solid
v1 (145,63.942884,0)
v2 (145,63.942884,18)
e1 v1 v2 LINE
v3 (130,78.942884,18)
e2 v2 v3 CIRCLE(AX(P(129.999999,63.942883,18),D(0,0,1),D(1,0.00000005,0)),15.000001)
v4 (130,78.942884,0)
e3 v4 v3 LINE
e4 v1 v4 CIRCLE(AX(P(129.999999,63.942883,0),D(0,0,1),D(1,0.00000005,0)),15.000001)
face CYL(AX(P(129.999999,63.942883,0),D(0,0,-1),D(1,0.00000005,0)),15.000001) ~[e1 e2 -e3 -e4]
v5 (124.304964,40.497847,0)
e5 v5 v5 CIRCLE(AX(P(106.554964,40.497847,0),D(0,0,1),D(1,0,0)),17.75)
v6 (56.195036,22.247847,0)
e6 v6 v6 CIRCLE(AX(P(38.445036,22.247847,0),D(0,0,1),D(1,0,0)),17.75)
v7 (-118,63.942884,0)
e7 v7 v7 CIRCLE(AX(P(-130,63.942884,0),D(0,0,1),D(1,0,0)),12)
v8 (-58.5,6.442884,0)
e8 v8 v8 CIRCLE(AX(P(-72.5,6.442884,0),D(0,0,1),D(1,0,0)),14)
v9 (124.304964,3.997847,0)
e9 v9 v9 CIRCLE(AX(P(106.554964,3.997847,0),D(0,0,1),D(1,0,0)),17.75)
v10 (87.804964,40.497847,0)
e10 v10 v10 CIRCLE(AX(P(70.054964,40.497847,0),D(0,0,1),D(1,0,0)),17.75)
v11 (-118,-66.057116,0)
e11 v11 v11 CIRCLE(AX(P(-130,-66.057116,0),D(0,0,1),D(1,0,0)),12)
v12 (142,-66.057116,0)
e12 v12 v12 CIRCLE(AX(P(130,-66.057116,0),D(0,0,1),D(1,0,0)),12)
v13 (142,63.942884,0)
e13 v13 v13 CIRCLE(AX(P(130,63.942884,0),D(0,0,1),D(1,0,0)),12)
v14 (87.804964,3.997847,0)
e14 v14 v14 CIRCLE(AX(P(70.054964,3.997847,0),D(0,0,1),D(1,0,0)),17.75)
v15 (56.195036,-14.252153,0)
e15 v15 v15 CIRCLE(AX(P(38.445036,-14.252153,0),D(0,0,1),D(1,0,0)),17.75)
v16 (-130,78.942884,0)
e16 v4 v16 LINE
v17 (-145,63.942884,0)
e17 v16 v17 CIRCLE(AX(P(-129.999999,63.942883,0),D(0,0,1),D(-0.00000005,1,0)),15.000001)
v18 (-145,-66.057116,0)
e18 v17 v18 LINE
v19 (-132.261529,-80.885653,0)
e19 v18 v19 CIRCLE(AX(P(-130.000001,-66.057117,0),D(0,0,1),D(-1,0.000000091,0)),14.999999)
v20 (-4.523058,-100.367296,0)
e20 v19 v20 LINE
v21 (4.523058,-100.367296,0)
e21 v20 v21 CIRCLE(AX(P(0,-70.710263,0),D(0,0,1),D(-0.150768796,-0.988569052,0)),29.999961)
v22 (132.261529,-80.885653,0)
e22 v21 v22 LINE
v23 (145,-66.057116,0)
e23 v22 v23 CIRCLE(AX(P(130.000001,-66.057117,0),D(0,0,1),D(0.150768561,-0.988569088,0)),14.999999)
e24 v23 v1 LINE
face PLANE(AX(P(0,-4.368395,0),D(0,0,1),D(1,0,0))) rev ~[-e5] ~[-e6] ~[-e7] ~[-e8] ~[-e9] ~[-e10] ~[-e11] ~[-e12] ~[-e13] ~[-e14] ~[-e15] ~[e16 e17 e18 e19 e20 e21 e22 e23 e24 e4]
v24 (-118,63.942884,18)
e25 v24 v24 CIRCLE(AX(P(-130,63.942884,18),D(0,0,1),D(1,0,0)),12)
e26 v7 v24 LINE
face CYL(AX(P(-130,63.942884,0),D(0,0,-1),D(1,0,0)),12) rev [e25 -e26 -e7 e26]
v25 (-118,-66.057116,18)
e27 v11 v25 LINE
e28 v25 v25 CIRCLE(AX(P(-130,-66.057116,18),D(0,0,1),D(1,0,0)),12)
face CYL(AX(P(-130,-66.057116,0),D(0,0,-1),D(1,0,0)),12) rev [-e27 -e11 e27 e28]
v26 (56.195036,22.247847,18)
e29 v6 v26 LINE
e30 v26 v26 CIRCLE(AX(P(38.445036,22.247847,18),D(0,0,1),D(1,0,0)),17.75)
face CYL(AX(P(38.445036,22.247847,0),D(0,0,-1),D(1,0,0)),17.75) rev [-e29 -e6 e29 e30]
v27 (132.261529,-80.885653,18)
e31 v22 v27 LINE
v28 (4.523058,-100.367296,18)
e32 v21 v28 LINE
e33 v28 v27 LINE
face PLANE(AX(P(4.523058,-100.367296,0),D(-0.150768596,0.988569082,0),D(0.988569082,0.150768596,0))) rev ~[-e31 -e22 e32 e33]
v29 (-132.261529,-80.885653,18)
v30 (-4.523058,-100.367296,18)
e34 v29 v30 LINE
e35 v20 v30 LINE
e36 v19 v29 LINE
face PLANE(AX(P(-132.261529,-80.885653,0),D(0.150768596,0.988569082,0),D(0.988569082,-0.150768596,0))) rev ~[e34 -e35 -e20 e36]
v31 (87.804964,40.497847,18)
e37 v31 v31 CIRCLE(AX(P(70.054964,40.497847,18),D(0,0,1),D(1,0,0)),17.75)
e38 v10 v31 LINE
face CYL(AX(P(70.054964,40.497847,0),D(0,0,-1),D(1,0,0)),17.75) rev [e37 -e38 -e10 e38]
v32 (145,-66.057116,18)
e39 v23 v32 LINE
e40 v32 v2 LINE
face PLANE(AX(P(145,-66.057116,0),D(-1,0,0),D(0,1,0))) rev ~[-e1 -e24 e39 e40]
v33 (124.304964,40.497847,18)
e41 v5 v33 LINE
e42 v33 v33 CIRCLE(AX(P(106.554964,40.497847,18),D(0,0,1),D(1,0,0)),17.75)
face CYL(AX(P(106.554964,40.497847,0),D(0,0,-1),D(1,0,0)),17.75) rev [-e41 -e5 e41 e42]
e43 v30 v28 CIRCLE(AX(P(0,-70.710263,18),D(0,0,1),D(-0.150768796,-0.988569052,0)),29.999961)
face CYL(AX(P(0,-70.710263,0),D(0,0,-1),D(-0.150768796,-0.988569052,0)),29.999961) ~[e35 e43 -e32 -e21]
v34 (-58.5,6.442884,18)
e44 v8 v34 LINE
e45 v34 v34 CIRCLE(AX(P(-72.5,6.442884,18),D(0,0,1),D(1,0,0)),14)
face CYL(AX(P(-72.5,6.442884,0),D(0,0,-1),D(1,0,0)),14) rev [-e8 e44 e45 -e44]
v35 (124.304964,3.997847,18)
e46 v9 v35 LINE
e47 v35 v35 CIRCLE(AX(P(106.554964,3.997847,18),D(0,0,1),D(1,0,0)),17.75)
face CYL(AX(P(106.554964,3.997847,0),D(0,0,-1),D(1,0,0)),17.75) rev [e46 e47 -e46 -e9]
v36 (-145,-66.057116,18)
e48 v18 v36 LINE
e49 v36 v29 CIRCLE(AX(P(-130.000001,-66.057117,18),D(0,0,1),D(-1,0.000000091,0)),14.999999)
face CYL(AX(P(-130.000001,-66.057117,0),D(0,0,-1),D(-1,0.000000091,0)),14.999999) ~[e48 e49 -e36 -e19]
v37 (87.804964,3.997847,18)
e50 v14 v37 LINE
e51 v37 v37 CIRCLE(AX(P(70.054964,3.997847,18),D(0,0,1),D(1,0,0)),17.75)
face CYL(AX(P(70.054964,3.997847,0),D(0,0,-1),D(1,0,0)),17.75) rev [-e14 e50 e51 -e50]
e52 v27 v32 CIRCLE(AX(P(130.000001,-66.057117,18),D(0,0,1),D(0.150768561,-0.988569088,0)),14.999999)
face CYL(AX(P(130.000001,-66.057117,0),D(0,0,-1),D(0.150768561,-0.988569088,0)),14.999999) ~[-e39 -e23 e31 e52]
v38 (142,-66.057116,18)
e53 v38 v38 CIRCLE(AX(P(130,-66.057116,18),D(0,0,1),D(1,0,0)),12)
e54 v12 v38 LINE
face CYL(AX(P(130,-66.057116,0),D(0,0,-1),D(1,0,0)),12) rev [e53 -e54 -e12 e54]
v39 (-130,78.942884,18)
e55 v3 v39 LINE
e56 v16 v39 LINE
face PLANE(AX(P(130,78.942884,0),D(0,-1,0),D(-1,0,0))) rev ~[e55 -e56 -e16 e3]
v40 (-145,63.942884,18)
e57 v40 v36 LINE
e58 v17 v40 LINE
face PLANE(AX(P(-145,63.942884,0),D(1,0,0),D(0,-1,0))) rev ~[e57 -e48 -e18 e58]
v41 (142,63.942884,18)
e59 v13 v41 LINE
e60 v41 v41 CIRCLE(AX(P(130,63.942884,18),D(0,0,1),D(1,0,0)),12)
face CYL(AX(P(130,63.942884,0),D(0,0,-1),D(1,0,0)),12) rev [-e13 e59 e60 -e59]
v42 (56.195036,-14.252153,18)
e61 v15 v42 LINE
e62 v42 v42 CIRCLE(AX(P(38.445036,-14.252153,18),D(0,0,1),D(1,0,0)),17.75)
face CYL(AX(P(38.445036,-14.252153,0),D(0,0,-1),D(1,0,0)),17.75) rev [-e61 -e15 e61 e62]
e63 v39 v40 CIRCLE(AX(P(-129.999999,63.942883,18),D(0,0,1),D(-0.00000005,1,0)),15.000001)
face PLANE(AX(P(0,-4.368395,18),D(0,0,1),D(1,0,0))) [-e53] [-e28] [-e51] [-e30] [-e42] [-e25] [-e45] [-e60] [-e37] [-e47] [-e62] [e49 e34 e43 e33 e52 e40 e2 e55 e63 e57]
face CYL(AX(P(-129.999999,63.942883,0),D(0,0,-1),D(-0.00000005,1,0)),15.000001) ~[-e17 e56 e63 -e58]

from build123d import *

# Parameters (mm, degrees)
F0_R     = 12
F0_R_2   = 17.75
F0_R_3   = 14
F1_DEPTH = 18


with BuildPart() as f1:
    # F0 (on Top) → F1 (new body)
    with BuildSketch(Plane.XY):
        with BuildLine():
            ThreePointArc((145, 63.942884), (140.606602, 74.549485), (130, 78.942884))
            Line((130, 78.942884), (-130, 78.942884))
            ThreePointArc((-130, 78.942884), (-140.606602, 74.549485), (-145, 63.942884))
            Line((-145, 63.942884), (-145, -66.057116))
            ThreePointArc((-145, -66.057116), (-141.378114, -75.831498), (-132.261529, -80.885653))
            Line((-132.261529, -80.885653), (-4.523058, -100.367296))
            ThreePointArc((-4.523058, -100.367296), (0, -100.710224), (4.523058, -100.367296))
            Line((4.523058, -100.367296), (132.261529, -80.885653))
            ThreePointArc((132.261529, -80.885653), (141.378114, -75.831498), (145, -66.057116))
            Line((145, -66.057116), (145, 63.942884))
        make_face()
        with Locations((-130, -66.057116)):
            Circle(F0_R, mode=Mode.SUBTRACT)
        with Locations((130, -66.057116)):
            Circle(F0_R, mode=Mode.SUBTRACT)
        with Locations((38.445036, -14.252153)):
            Circle(F0_R_2, mode=Mode.SUBTRACT)
        with Locations((-72.5, 6.442884)):
            Circle(F0_R_3, mode=Mode.SUBTRACT)
        with Locations((-130, 63.942884)):
            Circle(F0_R, mode=Mode.SUBTRACT)
        with Locations((70.054964, 3.997847)):
            Circle(F0_R_2, mode=Mode.SUBTRACT)
        with Locations((38.445036, 22.247847)):
            Circle(F0_R_2, mode=Mode.SUBTRACT)
        with Locations((106.554964, 3.997847)):
            Circle(F0_R_2, mode=Mode.SUBTRACT)
        with Locations((70.054964, 40.497847)):
            Circle(F0_R_2, mode=Mode.SUBTRACT)
        with Locations((106.554964, 40.497847)):
            Circle(F0_R_2, mode=Mode.SUBTRACT)
        with Locations((130, 63.942884)):
            Circle(F0_R, mode=Mode.SUBTRACT)
    extrude(amount=F1_DEPTH)


solid = f1.part
